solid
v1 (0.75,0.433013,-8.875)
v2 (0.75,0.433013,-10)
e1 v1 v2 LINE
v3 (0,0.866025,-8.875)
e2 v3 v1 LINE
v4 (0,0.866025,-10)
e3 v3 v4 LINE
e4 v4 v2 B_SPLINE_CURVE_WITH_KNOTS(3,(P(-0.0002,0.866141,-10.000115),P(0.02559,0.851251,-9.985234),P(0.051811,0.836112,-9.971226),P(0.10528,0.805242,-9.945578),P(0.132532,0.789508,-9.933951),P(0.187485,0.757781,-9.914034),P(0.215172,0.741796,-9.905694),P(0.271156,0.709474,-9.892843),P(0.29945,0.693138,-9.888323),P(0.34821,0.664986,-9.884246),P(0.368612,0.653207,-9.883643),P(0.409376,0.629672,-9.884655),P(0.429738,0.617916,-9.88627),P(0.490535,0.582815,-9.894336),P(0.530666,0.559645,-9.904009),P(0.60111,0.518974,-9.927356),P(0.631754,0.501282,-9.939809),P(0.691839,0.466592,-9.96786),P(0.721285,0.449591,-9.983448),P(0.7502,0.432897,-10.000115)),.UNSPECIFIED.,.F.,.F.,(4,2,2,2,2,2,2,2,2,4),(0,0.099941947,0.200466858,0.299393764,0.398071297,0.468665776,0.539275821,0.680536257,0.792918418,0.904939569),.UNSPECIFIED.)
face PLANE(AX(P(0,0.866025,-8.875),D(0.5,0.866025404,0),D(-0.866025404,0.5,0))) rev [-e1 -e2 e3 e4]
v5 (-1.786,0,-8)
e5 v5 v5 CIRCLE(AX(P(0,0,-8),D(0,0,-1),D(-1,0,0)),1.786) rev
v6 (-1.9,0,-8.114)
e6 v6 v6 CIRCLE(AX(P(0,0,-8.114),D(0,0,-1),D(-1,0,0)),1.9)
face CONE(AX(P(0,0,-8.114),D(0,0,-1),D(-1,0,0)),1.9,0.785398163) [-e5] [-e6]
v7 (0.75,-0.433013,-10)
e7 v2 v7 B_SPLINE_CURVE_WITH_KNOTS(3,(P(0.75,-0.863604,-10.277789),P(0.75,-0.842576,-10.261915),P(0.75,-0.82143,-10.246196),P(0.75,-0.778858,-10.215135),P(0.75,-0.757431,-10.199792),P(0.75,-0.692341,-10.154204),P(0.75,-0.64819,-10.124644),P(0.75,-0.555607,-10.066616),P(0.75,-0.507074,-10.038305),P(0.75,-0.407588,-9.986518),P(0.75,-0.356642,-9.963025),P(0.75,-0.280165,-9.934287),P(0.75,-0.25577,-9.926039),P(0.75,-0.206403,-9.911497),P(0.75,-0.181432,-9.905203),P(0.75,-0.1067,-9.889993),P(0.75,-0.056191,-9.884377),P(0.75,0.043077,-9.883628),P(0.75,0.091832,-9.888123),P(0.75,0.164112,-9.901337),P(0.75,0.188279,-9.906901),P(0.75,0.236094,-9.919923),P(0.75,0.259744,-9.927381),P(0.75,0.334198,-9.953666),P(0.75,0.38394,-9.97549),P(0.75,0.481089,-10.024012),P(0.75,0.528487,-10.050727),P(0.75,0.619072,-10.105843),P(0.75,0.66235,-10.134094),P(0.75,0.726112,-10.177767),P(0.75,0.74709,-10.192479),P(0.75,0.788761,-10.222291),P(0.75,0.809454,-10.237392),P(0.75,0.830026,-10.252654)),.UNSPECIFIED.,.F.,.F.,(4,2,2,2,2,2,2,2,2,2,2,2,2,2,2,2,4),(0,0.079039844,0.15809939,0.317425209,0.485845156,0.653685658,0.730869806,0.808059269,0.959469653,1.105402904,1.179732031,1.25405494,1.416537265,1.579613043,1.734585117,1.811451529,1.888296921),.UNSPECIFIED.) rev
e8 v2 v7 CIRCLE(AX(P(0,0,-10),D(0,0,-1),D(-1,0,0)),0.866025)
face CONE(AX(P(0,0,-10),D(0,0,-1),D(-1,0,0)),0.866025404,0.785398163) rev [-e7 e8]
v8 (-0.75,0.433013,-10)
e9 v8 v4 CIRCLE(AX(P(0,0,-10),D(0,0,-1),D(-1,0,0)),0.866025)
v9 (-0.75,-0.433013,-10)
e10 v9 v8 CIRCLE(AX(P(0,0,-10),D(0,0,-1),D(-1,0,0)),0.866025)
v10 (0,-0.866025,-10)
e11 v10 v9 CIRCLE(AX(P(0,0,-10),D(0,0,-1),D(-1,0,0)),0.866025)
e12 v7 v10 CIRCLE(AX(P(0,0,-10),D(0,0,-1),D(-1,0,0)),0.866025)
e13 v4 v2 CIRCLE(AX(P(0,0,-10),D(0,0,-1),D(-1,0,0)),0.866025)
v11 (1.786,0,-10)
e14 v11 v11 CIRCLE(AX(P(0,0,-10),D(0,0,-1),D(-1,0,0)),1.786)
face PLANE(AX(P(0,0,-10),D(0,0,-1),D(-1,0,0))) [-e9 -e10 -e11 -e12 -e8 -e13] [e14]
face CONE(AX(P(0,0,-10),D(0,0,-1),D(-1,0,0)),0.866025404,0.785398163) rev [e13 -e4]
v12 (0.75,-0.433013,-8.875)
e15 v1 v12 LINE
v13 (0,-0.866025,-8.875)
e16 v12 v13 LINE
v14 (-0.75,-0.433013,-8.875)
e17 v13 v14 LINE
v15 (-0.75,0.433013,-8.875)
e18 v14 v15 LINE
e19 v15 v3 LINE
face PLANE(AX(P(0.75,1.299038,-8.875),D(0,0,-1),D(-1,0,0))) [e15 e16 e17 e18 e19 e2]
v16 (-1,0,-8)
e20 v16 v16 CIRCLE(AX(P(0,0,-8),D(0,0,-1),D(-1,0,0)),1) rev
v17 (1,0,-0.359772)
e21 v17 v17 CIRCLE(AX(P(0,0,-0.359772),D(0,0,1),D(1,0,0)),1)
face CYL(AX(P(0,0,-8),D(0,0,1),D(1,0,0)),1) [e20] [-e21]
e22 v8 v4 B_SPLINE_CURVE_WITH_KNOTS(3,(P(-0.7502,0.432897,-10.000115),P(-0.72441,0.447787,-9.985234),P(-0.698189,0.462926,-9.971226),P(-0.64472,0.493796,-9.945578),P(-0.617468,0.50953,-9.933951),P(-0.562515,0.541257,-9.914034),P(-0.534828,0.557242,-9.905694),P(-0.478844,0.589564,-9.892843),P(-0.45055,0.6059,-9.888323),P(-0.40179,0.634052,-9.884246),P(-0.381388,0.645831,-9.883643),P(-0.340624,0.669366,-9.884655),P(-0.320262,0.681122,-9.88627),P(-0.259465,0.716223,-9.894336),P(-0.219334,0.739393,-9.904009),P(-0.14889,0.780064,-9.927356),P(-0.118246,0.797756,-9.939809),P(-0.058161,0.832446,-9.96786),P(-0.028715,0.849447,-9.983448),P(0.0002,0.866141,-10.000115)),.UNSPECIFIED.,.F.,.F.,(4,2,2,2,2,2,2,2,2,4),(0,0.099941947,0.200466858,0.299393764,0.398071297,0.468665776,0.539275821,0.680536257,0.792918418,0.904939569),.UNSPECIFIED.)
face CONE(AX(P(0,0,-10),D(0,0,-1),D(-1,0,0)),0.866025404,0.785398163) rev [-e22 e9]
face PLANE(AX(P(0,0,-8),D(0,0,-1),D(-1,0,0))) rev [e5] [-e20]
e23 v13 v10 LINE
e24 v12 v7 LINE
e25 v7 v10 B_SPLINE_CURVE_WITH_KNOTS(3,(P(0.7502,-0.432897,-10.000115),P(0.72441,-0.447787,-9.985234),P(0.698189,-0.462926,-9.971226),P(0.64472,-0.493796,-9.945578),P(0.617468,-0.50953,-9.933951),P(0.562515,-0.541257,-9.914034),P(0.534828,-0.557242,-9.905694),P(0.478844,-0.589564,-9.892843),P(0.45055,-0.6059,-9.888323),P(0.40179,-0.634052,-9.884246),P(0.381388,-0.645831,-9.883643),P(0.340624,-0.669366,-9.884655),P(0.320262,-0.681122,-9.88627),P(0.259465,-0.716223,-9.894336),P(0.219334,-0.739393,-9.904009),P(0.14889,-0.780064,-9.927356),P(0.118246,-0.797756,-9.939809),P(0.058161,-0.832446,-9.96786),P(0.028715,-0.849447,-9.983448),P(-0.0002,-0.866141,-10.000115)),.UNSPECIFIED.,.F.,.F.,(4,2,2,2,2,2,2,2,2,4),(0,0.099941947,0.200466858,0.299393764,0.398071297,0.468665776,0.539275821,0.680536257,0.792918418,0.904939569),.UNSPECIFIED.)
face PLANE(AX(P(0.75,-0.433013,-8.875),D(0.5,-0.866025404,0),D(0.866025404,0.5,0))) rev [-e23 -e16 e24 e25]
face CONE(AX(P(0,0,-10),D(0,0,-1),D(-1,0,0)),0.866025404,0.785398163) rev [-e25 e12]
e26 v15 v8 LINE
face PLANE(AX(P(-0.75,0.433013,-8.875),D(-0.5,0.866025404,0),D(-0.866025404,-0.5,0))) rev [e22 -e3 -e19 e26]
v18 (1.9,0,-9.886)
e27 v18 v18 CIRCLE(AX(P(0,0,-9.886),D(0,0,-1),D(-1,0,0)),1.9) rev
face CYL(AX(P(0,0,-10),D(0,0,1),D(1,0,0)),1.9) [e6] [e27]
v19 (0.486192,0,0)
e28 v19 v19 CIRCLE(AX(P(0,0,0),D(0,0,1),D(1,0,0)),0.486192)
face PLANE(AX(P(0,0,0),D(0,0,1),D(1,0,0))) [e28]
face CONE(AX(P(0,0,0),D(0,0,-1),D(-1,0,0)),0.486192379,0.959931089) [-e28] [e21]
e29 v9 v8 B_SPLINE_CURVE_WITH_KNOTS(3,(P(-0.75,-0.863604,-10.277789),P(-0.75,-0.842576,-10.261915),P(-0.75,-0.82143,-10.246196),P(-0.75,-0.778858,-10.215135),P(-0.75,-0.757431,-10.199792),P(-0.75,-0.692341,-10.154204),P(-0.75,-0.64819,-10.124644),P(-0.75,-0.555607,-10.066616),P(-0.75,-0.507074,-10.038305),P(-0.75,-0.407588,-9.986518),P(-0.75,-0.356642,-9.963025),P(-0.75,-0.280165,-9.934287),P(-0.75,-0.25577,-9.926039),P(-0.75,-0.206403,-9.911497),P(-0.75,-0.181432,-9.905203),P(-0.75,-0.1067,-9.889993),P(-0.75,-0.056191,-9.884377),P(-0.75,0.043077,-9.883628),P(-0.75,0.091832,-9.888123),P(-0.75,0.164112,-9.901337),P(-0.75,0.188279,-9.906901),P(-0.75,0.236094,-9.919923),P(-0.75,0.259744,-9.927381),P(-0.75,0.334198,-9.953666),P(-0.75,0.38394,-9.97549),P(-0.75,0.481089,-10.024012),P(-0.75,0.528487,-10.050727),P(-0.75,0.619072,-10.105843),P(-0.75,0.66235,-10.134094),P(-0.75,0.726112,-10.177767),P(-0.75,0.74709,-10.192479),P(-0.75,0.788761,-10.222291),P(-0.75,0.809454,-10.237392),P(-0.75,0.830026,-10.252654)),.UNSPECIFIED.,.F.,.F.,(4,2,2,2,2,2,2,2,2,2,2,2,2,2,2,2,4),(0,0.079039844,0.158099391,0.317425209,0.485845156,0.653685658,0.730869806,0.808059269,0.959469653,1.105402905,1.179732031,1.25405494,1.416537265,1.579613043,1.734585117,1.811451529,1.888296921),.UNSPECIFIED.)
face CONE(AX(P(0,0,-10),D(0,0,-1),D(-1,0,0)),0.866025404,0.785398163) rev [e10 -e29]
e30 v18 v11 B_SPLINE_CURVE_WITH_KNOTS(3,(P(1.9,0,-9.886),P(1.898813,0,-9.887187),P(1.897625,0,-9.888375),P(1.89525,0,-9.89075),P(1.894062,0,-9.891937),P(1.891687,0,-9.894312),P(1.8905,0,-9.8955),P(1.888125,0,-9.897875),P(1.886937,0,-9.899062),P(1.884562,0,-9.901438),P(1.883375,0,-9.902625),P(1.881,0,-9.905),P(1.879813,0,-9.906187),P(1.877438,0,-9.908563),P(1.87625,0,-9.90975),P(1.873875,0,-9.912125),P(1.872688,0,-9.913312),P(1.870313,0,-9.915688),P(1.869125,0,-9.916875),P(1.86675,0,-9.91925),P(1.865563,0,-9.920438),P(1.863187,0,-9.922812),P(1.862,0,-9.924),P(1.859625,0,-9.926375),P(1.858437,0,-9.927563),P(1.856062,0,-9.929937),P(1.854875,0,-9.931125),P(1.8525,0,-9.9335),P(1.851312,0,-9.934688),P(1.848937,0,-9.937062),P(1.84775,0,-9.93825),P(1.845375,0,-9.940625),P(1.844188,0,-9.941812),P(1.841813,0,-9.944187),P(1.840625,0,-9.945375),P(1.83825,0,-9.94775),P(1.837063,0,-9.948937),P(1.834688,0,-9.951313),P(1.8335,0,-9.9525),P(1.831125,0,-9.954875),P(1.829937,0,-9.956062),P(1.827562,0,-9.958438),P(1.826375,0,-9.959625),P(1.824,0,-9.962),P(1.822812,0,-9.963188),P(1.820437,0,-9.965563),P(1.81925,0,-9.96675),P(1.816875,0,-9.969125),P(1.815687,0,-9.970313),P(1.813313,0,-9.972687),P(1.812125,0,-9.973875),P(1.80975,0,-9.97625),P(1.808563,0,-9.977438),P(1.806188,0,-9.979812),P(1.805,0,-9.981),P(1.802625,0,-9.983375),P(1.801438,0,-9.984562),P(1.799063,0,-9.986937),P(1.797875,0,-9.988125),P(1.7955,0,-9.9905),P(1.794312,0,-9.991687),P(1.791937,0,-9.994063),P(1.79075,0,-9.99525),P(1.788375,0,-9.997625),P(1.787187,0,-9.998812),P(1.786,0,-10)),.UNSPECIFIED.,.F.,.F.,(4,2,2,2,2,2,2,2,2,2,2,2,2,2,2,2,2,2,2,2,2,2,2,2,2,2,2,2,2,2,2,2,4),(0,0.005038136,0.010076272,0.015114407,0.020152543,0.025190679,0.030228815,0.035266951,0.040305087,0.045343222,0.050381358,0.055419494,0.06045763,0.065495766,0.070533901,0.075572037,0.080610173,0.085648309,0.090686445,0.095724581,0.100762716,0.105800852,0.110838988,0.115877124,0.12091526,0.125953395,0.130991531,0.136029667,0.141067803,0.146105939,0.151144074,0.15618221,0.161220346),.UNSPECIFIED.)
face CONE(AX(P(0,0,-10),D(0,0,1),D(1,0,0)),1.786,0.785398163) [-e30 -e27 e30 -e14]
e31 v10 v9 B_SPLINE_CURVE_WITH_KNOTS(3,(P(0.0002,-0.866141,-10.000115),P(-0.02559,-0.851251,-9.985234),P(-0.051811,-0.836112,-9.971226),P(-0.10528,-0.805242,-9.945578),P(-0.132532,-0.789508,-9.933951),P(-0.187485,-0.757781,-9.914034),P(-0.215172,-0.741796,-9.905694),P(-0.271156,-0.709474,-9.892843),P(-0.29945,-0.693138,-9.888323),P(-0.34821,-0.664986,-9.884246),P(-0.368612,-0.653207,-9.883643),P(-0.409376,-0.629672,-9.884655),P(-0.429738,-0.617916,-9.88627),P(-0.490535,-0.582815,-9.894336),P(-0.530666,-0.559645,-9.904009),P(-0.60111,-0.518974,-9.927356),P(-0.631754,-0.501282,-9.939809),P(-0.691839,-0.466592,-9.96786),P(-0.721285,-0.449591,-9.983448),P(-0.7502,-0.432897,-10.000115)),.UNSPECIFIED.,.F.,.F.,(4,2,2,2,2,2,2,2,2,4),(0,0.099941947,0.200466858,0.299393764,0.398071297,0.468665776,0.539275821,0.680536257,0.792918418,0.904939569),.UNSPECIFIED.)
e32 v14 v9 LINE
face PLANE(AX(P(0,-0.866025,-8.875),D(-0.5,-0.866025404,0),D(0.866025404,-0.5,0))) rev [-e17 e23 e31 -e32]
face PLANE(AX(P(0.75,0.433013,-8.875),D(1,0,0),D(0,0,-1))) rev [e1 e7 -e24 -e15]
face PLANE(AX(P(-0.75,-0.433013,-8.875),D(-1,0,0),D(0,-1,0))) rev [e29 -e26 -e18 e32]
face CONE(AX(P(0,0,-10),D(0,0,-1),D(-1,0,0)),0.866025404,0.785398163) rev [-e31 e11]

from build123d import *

# Parameters (mm, degrees)
SKETCH1_R          = 1
EXTRUDE1_DEPTH     = 8
SKETCH6_R          = 1.9
EXTRUDE2_DEPTH     = 2
CUT_EXTRUDE1_DEPTH = 1.125
CHAMFER1_SIZE      = 0.114


with BuildPart() as part:
    # Sketch1 → Extrude1 (new body)
    with BuildSketch(Plane.XY):
        Circle(SKETCH1_R)
    extrude(amount=-EXTRUDE1_DEPTH)

    # Sketch4 → Cut-Revolve1 (revolve, cut)
    with BuildSketch(Plane(origin=(0, 0, 0), x_dir=(0, 0, -1), z_dir=(1, 0, 0)), mode=Mode.PRIVATE) as cut_revolve1_sk:
        Polygon((0.35977197, 1), (0, 0.486192379), (0, 1), align=None)
    revolve(cut_revolve1_sk.sketch.rotate(Axis((0, 0, 0), (0, 0, -1)), 90), axis=Axis((0, 0, 0), (0, 0, -1)), mode=Mode.SUBTRACT)

    # Sketch6 → Extrude2 (add)
    with BuildSketch(Plane(origin=(0, 0, -8), x_dir=(-1, 0, 0), z_dir=(0, 0, -1))):
        Circle(SKETCH6_R)
    extrude(amount=EXTRUDE2_DEPTH)

    # Sketch7 → Cut-Extrude1 (cut)
    with BuildSketch(Plane(origin=(0, 0, -10), x_dir=(-1, 0, 0), z_dir=(0, 0, -1))):
        Polygon((0, 0.866025404), (-0.75, 0.433012702), (-0.75, -0.433012702), (0, -0.866025404), (0.75, -0.433012702), (0.75, 0.433012702), align=None)
    extrude(amount=-CUT_EXTRUDE1_DEPTH, mode=Mode.SUBTRACT)

    # Cut-Extrude2 cone 1 section (through the dimple's axis) → Cut-Extrude2 (revolve, cut)
    with BuildSketch(Plane(origin=(0, 0, -10), x_dir=(0, 1, 0), z_dir=(1, 0, 0))):
        Polygon((0, 0), (0.866025404, 0), (0, 0.866025404), align=None)
    revolve(axis=Axis((0, 0, -10), (0, 0, 1)), mode=Mode.SUBTRACT)

    # Chamfer1
    chamfer1_edges = [part.edges().sort_by_distance(p)[0] for p in [
        (1.9, 0, -8),
        (1.9, 0, -10),
    ]]
    chamfer(chamfer1_edges, length=CHAMFER1_SIZE)

    # Sketch10 → Revolve1 (revolve)
    with BuildSketch(Plane(origin=(0, 0, 0), x_dir=(0, 0, -1), z_dir=(1, 0, 0)), mode=Mode.PRIVATE) as revolve1_sk:
        Polygon((8, 1), (8, 0), (7.485786438, 0), (7.9, 1), align=None)
    revolve(revolve1_sk.sketch.rotate(Axis((0, 0, -8), (0, 0, 1)), 270), axis=Axis((0, 0, -8), (0, 0, 1)))


solid = part.part
